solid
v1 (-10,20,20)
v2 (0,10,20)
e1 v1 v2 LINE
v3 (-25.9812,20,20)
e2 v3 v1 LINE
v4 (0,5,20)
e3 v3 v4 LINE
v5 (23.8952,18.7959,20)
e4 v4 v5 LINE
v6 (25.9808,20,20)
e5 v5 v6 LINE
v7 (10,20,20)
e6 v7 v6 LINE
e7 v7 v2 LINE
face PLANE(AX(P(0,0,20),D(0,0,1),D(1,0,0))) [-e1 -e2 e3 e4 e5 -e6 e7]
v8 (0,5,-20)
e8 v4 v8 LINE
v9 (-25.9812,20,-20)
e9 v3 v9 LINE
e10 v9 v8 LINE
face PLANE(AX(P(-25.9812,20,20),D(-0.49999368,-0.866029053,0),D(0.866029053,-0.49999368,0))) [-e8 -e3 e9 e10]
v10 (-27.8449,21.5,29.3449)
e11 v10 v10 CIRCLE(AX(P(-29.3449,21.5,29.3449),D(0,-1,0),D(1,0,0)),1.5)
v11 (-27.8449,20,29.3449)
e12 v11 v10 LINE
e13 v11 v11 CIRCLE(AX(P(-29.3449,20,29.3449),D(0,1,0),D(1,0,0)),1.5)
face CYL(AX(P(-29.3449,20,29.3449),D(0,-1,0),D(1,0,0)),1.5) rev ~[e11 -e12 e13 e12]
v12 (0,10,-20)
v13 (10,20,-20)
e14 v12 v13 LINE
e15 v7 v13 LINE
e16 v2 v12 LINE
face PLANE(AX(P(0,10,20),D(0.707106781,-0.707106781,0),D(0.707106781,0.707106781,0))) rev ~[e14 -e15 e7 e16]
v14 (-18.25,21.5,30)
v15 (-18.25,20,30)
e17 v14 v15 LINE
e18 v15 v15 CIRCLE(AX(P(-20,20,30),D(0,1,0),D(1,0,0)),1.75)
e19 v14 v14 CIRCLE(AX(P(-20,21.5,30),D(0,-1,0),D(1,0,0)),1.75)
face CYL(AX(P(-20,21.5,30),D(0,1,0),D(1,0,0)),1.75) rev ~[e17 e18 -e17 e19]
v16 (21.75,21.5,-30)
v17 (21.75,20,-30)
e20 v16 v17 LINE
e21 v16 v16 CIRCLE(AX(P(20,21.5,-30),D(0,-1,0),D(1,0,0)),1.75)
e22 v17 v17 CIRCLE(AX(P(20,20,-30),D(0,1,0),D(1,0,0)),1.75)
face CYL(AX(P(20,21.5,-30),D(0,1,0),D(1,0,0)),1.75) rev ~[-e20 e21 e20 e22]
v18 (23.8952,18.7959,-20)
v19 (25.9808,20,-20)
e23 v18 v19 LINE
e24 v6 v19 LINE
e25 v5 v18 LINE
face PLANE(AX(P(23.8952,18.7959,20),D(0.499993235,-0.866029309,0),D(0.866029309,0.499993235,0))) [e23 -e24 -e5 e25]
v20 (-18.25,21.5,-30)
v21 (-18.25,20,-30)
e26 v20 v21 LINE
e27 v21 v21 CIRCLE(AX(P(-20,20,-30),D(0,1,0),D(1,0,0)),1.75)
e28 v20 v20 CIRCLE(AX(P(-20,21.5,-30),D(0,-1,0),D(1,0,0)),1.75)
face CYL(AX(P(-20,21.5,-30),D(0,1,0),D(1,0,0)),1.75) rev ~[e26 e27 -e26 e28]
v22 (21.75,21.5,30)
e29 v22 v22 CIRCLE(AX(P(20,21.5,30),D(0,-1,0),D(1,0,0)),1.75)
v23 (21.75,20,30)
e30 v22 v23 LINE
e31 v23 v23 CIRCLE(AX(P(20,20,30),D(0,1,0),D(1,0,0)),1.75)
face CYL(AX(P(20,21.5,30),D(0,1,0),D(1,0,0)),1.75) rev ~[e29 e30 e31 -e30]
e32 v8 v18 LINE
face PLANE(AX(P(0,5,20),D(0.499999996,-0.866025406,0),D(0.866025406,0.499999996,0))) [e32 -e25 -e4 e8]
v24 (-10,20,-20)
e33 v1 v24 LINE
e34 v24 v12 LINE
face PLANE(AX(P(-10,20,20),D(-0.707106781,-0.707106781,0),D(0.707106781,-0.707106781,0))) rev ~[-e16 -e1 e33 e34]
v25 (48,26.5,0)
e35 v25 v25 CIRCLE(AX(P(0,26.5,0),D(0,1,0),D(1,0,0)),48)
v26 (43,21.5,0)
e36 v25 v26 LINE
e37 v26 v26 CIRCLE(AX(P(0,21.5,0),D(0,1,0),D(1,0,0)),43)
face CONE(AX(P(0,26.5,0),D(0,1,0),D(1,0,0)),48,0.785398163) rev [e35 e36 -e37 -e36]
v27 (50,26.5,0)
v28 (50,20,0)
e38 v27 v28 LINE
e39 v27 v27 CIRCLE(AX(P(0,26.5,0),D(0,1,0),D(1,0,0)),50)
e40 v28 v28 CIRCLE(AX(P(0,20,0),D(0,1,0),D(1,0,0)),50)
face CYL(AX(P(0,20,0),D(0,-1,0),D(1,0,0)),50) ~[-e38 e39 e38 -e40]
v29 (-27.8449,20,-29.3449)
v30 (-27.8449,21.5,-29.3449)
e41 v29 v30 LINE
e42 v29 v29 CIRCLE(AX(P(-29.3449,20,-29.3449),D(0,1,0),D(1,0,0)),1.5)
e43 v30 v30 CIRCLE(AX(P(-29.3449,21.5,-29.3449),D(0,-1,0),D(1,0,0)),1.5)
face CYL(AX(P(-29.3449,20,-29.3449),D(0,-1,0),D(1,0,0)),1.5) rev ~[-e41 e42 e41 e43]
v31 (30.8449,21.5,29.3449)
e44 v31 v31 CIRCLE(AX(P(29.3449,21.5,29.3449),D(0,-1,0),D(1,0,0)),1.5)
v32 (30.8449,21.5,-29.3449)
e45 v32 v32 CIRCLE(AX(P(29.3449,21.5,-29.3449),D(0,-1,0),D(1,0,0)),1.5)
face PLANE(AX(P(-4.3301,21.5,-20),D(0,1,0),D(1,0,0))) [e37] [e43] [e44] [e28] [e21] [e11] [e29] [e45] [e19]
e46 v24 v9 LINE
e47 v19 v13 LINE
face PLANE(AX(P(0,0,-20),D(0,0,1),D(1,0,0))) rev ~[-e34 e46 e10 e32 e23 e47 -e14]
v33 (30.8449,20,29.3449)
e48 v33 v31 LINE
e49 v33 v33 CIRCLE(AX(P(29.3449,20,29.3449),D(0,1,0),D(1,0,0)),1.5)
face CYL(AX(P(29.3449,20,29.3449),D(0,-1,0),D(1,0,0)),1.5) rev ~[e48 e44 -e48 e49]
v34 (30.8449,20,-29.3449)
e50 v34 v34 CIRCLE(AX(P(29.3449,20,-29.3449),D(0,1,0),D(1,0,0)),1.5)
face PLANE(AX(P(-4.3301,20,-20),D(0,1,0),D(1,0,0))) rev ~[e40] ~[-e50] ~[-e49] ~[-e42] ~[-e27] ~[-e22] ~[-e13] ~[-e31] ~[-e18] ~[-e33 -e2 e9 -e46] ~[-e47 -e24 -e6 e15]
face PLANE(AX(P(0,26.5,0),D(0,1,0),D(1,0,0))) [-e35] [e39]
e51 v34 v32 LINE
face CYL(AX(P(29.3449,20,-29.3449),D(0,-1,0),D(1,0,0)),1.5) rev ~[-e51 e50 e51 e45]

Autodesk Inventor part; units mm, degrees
ref_plane "YZ Plane" through (0, 0, 0) normal (1, 0, 0) x (0, 1, 0)
ref_plane "Work Plane3" through (-4.3301, 20, -20) normal (0, 1, 0) x (1, 0, 0)
sketch "Sketch4" plane through (-4.3301, 20, -20) normal (0, 1, 0) x (1, 0, 0)
  circle A0 centre (4.3301, -20) radius 50
  dimension "d16" = 100
extrude "Extrusion4" add sketch "Sketch4" along normal blind 1.5
sketch "Sketch9" plane through (0, 0, 0) normal (0, 0, 1) x (1, 0, 0)
  line L0 (50, 21.5) -> (-50, 21.5) projected
  line L1 (50, 21.5) -> (43, 21.5)
  line L2 (50, 21.5) -> (50, 26.5)
  line L3 (50, 26.5) -> (48, 26.5)
  line L4 (48, 26.5) -> (43, 21.5)
  line L5 (0, 21.5) -> (0, 37.2)
  point P0 (0, 0)
  dimension "d27" = 7
  dimension "d28" = 5
  dimension "d29" = 2
revolve "Revolution1" add sketch "Sketch9" angle 360 about axis through (0, 21.5, 0) along (0, 1, 0)
ref_plane "Work Plane2" through (0, 21.5, 0) normal (0, 1, 0) x (1, 0, 0)
sketch "Sketch12" plane through (0, 21.5, 0) normal (0, 1, 0) x (1, 0, 0)
  line L0 (0, 0) -> (20, 0)
  line L1 (20, 0) -> (20, -30)
  line L2 (20, -30) -> (-20, -30)
  line L3 (-20, -30) -> (-20, 30)
  line L4 (-20, 30) -> (20, 30)
  line L5 (20, 30) -> (20, -30)
  circle A0 centre (20, 30) radius 1.75
  circle A1 centre (-20, 30) radius 1.75
  circle A2 centre (-20, -30) radius 1.75
  circle A3 centre (20, -30) radius 1.75
  dimension "d47" = 20
  dimension "d48" = 30
  dimension "d49" = 40
  dimension "d50" = 60
  dimension "d51" = 3.5
  dimension "d52" = 3.5
  dimension "d53" = 3.5
  dimension "d54" = 3.5
extrude "Extrusion6" cut sketch "Sketch12" against normal blind 1.5 contours A3 L2 L1 | L1 L2 A3 | A0 L4 L5 | L5 L4 A0 | A2 L3 L2 | L2 L3 A2 | A1 L3 L4 | L4 L3 A1
sketch "Sketch13" plane through (0, 0, 0) normal (0, 0, 1) x (1, 0, 0)
  line L0 (0, 0) -> (25, 0) construction
  line L1 (-50, 20) -> (50, 20) projected
  line L2 (0, 7.5) -> (-21.6506, 20)
  line L3 (0, 7.5) -> (21.6506, 20)
  line L4 (0, 7.5) -> (25, 7.5) construction
  line L5 (21.6506, 20) -> (-21.6506, 20)
  line L6 (0, 7.5) -> (0, 12.5)
  line L7 (0, 20) -> (-5, 20)
  line L8 (-5, 20) -> (0, 12.5)
  line L9 (0, 20) -> (5, 20)
  line L10 (5, 20) -> (0, 12.5)
  dimension "d60" = 25
  dimension "d61" = 30
  dimension "d62" = 5
  dimension "d63" = 5
  dimension "d64" = 5
extrude "Extrusion7" add sketch "Sketch13" along normal mid plane 40 contours L1 L8 L6 L2 | L6 L10 L1 L3
sketch "Sketch16" plane through (0, 0, 20) normal (0, 0, 1) x (1, 0, 0)
  line L0 (-50, 20) -> (50, 20) projected
  line L1 (0, 20) -> (0, 5)
  line L2 (0, 5) -> (23.8952, 18.7959)
  line L3 (23.8952, 18.7959) -> (25.9808, 20)
  line L4 (25.9808, 20) -> (-25.9812, 20)
  line L5 (-25.9812, 20) -> (0, 5)
  point P0 (0, 0)
  dimension "d67" = 15
  dimension "d68" = 60
  dimension "d69" = 51.962
extrude "Extrusion8" add sketch "Sketch16" against normal blind 40
sketch "Sketch17" plane through (0, 0, 20) normal (0, 0, 1) x (1, 0, 0)
  line L0 (0, 5) -> (-25.9812, 20) projected
  line L1 (0, 5) -> (0, 10)
  line L2 (0, 10) -> (6.8298, 16.8298)
  line L3 (6.8298, 16.8298) -> (10, 20)
  line L4 (-50, 20) -> (50, 20) projected
  line L5 (10, 20) -> (-10, 20)
  line L6 (-10, 20) -> (0, 10)
  point P0 (0, 0)
  dimension "d72" = 5
  dimension "d73" = 135
  dimension "d74" = 20
extrude "Extrusion9" cut sketch "Sketch17" against normal blind 40 contours L6 L4 L3 L2
sketch "Sketch18" plane through (0, 20, 0) normal (0, -1, 0) x (1, 0, 0)
  line L0 (0, 0) -> (-35.3553, 35.3553)
  circle A0 centre (0, 0) radius 50 projected
  line L1 (0, 0) -> (50, 0) construction
  line L2 (0, 0) -> (35.3553, 35.3553)
  line L3 (0, 0) -> (50, 0) construction
  line L4 (0, 0) -> (-35.3553, -35.3553)
  line L5 (0, 0) -> (50, 0) construction
  line L6 (0, 0) -> (35.3553, -35.3553)
  line L7 (0, 0) -> (50, 0) construction
  circle A1 centre (0, 0) radius 43 projected
  line L8 (-30.4056, 30.4056) -> (-29.3449, 29.3449)
  line L9 (30.4056, 30.4056) -> (29.3449, 29.3449)
  line L10 (30.4056, -30.4056) -> (29.3449, -29.3449)
  line L11 (-30.4056, -30.4056) -> (-29.3449, -29.3449)
  circle A2 centre (-29.3449, -29.3449) radius 1.5
  circle A3 centre (29.3449, -29.3449) radius 1.5
  circle A4 centre (-29.3449, 29.3449) radius 1.5
  circle A5 centre (29.3449, 29.3449) radius 1.5
  dimension "d77" = 135
  dimension "d78" = 45
  dimension "d79" = 135
  dimension "d80" = 45
  dimension "d81" = 1.5
  dimension "d82" = 1.5
  dimension "d83" = 1.5
  dimension "d84" = 1.5
extrude "Extrusion10" cut sketch "Sketch18" against normal blind 40 contours A4 L0 | L0 A4 | A5 L2 | L2 A5 | A2 L4 | L4 A2 | A3 L6 | L6 A3
properties part number "Mirror Mount" material "Acetal Resin, Black"
